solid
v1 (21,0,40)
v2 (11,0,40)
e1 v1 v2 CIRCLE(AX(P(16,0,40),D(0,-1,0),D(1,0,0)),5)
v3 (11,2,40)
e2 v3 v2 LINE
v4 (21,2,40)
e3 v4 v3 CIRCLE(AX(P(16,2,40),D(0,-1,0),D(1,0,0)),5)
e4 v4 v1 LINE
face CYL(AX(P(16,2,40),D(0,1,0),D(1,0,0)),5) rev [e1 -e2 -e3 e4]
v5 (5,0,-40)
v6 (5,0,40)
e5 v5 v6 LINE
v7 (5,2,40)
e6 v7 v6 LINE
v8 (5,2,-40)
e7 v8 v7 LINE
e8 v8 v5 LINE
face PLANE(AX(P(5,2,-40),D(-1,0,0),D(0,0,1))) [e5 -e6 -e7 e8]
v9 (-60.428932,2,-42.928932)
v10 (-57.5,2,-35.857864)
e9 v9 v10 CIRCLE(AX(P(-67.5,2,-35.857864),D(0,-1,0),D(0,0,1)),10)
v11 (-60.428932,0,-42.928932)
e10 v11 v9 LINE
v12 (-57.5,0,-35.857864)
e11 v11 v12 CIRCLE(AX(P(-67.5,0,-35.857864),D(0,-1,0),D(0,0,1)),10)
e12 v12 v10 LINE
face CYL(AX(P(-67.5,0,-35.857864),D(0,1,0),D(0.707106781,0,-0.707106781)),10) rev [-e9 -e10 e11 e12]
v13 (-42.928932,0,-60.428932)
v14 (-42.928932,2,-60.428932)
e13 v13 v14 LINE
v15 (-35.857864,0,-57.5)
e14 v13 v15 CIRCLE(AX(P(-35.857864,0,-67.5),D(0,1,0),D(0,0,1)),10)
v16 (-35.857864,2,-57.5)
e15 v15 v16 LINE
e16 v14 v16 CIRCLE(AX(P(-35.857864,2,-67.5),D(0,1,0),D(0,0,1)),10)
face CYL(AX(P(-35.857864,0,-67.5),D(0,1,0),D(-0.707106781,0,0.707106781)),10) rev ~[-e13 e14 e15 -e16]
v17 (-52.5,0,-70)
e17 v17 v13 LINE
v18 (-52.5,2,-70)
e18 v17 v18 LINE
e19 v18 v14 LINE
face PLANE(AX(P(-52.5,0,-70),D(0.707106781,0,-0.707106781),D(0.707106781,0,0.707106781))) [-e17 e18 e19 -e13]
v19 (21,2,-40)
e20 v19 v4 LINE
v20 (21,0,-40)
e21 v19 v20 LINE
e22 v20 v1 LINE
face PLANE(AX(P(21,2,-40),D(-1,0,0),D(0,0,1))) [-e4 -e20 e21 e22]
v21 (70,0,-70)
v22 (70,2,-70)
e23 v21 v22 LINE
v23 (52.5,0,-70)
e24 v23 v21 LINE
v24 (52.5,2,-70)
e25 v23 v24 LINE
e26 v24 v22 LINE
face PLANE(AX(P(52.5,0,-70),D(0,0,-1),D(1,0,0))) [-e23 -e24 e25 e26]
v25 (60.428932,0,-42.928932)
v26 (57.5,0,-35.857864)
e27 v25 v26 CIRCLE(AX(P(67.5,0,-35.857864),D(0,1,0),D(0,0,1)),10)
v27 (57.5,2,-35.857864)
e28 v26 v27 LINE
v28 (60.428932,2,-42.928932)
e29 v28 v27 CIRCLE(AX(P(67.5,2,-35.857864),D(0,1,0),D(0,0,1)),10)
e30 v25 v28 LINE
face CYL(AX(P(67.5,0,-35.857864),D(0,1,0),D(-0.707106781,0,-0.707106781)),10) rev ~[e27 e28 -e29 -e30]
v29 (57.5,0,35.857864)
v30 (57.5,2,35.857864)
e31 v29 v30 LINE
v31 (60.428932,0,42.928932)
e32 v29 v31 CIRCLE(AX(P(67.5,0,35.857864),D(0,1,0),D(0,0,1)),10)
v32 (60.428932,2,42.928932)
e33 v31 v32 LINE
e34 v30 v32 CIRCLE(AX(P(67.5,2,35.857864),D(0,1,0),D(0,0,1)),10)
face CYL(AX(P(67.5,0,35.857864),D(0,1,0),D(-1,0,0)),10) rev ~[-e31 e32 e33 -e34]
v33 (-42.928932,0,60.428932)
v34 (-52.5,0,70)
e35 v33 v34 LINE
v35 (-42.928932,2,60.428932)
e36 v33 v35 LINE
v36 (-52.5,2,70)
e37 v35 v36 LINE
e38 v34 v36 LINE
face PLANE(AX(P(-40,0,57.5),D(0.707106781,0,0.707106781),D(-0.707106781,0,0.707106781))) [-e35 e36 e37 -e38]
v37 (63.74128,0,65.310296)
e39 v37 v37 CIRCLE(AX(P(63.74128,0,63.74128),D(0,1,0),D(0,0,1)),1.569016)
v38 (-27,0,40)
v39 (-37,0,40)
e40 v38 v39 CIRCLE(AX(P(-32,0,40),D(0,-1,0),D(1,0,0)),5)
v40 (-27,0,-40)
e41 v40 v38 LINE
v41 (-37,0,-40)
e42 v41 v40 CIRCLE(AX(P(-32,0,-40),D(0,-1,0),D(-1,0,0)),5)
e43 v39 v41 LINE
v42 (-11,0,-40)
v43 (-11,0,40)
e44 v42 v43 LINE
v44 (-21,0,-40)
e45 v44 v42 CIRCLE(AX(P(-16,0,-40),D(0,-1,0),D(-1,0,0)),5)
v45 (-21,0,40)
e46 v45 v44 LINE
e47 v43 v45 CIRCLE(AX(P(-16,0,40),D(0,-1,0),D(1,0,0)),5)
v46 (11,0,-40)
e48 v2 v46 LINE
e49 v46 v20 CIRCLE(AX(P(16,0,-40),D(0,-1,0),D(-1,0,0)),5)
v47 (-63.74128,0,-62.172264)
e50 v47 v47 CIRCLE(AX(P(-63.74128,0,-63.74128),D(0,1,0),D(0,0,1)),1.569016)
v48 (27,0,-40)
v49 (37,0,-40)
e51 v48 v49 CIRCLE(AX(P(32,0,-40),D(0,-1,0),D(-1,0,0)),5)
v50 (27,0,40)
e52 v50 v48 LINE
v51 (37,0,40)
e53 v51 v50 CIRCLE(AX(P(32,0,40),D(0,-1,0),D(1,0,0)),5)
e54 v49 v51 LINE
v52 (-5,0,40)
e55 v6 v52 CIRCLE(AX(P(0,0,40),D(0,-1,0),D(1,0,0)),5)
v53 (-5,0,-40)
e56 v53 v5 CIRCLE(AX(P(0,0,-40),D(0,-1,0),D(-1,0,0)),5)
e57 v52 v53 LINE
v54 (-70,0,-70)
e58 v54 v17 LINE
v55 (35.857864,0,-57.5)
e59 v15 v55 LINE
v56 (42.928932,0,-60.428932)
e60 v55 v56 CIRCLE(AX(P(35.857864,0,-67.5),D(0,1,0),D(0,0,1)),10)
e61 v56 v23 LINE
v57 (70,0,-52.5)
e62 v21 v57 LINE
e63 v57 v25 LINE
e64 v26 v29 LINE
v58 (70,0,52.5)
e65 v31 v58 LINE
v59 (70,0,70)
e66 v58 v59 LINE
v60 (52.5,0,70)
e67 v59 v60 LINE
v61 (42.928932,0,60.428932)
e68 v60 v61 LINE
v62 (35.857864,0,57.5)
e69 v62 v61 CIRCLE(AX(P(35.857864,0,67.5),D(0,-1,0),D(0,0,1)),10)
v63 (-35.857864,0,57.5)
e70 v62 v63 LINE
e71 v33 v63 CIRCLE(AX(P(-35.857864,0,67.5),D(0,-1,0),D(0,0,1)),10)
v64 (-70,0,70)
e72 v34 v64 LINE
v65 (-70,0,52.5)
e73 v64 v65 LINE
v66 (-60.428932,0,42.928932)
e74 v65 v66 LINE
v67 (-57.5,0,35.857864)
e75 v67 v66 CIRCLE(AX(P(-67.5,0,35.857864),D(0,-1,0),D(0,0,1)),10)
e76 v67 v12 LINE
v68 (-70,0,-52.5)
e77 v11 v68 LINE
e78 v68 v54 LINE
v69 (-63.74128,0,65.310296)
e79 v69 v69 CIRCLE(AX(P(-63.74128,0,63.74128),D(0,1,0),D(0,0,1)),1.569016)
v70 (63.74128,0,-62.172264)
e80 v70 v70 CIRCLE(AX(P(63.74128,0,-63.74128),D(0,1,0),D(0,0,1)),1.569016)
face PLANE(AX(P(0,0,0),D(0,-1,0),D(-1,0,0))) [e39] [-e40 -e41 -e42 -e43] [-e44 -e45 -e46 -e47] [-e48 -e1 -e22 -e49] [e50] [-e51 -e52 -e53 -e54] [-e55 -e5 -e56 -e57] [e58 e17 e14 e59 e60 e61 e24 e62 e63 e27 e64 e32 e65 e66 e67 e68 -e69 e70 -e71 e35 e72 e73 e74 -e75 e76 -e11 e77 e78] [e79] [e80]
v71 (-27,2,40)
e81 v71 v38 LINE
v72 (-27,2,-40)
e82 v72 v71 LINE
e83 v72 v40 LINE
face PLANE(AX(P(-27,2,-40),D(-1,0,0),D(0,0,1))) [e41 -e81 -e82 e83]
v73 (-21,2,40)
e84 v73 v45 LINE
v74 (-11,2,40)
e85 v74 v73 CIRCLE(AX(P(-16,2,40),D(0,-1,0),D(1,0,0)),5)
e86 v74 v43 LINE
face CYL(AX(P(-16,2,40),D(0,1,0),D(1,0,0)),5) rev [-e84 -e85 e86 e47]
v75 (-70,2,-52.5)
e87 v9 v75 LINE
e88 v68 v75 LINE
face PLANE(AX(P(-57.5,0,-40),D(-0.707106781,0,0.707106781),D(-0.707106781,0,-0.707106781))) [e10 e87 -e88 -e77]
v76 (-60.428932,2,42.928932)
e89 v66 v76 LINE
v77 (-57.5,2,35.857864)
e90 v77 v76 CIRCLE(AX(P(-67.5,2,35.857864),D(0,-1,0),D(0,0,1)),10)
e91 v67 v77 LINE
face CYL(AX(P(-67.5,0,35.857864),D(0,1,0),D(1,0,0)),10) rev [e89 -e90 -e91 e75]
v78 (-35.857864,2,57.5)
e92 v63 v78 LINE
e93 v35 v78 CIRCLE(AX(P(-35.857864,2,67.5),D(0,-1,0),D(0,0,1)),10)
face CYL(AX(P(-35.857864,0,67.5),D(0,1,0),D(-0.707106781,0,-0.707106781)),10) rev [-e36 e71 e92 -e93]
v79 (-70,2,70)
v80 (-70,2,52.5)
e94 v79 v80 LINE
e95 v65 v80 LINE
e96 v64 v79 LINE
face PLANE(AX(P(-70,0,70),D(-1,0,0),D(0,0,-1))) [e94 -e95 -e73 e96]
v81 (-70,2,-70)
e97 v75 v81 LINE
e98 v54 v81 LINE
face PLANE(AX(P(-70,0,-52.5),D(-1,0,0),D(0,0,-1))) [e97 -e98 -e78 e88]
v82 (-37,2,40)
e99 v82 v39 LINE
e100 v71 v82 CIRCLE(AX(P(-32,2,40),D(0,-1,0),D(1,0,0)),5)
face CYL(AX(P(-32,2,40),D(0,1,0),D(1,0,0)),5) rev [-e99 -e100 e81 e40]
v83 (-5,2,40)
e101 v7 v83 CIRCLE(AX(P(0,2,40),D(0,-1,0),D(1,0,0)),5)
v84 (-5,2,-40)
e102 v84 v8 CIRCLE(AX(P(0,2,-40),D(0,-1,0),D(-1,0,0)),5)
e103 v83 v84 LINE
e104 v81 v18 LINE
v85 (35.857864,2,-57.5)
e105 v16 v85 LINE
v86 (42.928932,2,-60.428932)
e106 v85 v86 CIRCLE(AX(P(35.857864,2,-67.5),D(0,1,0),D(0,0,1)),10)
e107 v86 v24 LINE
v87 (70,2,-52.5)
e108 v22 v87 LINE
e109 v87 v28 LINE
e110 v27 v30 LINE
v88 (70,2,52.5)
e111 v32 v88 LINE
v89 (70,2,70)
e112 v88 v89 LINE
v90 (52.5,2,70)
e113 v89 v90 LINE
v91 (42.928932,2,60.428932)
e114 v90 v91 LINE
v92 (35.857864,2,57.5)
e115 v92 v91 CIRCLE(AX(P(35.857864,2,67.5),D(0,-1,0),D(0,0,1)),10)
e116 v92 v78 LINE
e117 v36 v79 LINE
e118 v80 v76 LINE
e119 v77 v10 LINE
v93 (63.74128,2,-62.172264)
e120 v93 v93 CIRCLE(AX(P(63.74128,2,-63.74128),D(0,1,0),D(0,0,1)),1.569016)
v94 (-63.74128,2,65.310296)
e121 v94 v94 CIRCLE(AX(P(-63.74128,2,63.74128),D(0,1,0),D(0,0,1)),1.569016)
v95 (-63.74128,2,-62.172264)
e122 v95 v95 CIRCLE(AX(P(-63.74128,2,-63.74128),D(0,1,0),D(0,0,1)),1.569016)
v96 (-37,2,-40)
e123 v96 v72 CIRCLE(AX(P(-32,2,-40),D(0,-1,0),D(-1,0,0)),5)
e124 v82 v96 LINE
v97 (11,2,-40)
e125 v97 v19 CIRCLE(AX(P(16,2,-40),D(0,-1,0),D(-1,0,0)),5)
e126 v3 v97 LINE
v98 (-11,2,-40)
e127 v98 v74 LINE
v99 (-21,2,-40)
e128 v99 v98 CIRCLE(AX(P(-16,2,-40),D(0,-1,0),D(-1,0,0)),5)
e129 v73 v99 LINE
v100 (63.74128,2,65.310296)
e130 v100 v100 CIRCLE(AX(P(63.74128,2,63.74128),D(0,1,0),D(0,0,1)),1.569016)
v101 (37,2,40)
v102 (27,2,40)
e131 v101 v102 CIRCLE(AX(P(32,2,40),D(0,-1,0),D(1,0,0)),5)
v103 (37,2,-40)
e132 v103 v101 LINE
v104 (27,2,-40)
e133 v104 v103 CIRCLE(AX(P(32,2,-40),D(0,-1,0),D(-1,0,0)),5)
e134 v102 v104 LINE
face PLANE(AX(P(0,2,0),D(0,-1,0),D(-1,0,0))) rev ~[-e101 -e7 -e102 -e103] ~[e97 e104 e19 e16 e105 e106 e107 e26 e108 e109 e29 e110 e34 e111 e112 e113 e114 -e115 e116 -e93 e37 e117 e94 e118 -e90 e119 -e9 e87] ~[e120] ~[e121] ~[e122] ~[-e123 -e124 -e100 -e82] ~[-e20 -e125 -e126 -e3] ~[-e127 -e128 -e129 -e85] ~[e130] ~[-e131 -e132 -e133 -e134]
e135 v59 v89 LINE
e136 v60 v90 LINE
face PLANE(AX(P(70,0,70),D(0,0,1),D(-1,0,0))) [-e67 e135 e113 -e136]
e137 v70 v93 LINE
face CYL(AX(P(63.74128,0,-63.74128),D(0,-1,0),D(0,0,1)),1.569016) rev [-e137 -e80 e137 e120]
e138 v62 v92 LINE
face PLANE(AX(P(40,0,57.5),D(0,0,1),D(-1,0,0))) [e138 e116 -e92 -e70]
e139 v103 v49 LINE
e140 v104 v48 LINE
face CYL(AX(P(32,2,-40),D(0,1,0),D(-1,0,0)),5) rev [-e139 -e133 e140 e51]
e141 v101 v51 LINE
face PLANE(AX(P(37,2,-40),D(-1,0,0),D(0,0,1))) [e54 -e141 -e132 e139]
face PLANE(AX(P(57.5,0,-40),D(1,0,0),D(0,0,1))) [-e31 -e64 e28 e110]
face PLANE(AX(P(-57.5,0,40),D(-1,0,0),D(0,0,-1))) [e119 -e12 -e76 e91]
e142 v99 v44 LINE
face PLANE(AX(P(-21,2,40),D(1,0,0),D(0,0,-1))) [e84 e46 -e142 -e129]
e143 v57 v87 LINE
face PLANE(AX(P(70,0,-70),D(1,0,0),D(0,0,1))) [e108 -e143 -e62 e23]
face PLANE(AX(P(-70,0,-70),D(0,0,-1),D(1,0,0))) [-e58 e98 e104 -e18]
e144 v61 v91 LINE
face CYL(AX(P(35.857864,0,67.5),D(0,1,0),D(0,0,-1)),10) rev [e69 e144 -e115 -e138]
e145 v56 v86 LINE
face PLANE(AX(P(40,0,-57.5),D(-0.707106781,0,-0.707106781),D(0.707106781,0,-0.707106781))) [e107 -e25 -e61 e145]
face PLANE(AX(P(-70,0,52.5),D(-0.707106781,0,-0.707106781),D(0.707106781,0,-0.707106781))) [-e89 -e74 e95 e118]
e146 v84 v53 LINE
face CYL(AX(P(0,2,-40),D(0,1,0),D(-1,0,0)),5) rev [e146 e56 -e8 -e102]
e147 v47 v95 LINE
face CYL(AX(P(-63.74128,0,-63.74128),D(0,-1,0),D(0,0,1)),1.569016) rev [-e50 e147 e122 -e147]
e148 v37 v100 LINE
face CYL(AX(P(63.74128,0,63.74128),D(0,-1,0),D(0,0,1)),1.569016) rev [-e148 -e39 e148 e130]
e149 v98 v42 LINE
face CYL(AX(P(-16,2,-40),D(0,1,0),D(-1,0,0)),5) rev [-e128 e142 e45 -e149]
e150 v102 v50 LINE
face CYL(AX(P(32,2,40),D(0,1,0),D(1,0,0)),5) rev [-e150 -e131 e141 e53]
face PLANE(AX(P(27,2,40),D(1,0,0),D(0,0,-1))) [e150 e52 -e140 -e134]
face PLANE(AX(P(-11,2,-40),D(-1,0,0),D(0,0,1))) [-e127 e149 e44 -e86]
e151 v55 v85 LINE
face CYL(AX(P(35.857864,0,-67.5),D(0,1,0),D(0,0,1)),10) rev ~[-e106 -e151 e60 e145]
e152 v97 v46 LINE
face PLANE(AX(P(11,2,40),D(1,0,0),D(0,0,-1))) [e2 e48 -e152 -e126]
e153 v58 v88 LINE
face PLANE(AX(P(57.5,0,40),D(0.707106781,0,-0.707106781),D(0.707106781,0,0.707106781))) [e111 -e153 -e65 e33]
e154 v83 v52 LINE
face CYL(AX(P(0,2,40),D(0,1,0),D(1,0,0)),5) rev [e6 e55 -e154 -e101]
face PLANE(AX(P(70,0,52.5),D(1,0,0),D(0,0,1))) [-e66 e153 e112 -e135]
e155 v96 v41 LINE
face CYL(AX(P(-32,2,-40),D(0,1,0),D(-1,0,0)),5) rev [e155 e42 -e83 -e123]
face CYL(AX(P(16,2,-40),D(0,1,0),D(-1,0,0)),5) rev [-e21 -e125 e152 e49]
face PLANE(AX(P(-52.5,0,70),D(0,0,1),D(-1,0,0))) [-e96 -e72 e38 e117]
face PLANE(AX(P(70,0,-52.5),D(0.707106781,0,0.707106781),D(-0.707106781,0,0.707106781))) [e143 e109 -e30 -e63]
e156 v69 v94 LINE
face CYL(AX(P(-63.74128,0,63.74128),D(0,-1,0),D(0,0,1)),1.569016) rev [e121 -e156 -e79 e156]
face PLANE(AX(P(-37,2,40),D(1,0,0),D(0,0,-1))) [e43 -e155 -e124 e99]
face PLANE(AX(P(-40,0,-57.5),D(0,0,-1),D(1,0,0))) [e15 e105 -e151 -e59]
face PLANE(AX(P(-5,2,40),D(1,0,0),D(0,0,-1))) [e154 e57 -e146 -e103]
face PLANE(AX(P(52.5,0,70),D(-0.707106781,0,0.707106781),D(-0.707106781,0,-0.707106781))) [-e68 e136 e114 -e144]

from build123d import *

# Parameters (mm, degrees)
SKETCH_1_R          = 1.569016128
EXTRUDE_1_DEPTH     = 2
FILLET_1_R          = 10
CUT_EXTRUDE_1_DEPTH = 2


with BuildPart() as part:
    # 草图1 → 凸台-拉伸1 (new body)
    with BuildSketch(Plane(origin=(0, 0, 0), x_dir=(1, 0, 0), z_dir=(0, 1, 0))):
        Polygon((-52.5, 70), (-40, 57.5), (40, 57.5), (52.5, 70), (70, 70), (70, 52.5), (57.5, 40), (57.5, -40), (70, -52.5), (70, -70), (52.5, -70), (40, -57.5), (-40, -57.5), (-52.5, -70), (-70, -70), (-70, -52.5), (-57.5, -40), (-57.5, 40), (-70, 52.5), (-70, 70), align=None)
        with Locations(Location((-63.74128019, 63.74128019, 0), (0, 0, 270))):
            Circle(SKETCH_1_R, mode=Mode.SUBTRACT)
        with Locations(Location((63.74128019, 63.74128019, 0), (0, 0, 270))):
            Circle(SKETCH_1_R, mode=Mode.SUBTRACT)
        with Locations(Location((63.74128019, -63.74128019, 0), (0, 0, 270))):
            Circle(SKETCH_1_R, mode=Mode.SUBTRACT)
        with Locations(Location((-63.74128019, -63.74128019, 0), (0, 0, 270))):
            Circle(SKETCH_1_R, mode=Mode.SUBTRACT)
    extrude(amount=EXTRUDE_1_DEPTH)

    # 圆角1
    fillet_1_edges = [part.edges().sort_by_distance(p)[0] for p in [
        (57.5, 1, -40),
        (57.5, 1, 40),
        (40, 1, 57.5),
        (-40, 1, 57.5),
        (-57.5, 1, 40),
        (-57.5, 1, -40),
        (-40, 1, -57.5),
        (40, 1, -57.5),
    ]]
    fillet(fillet_1_edges, radius=FILLET_1_R)

    # 草图2 → 切除-拉伸1 (cut)
    with BuildSketch(Plane(origin=(0, 2, 0), x_dir=(1, 0, 0), z_dir=(0, 1, 0))):
        with BuildLine():
            Line((-5, -40), (-5, 40))
            ThreePointArc((-5, 40), (0, 45), (5, 40))
            Line((5, 40), (5, -40))
            ThreePointArc((5, -40), (0, -45), (-5, -40))
        make_face()
        with BuildLine():
            Line((11, -40), (11, 40))
            ThreePointArc((11, 40), (16, 45), (21, 40))
            Line((21, 40), (21, -40))
            ThreePointArc((21, -40), (16, -45), (11, -40))
        make_face()
        with BuildLine():
            Line((27, -40), (27, 40))
            ThreePointArc((27, 40), (32, 45), (37, 40))
            Line((37, 40), (37, -40))
            ThreePointArc((37, -40), (32, -45), (27, -40))
        make_face()
        with BuildLine():
            Line((-21, -40), (-21, 40))
            ThreePointArc((-21, 40), (-16, 45), (-11, 40))
            Line((-11, 40), (-11, -40))
            ThreePointArc((-11, -40), (-16, -45), (-21, -40))
        make_face()
        with BuildLine():
            Line((-37, -40), (-37, 40))
            ThreePointArc((-37, 40), (-32, 45), (-27, 40))
            Line((-27, 40), (-27, -40))
            ThreePointArc((-27, -40), (-32, -45), (-37, -40))
        make_face()
    extrude(amount=-CUT_EXTRUDE_1_DEPTH, mode=Mode.SUBTRACT)


solid = part.part
